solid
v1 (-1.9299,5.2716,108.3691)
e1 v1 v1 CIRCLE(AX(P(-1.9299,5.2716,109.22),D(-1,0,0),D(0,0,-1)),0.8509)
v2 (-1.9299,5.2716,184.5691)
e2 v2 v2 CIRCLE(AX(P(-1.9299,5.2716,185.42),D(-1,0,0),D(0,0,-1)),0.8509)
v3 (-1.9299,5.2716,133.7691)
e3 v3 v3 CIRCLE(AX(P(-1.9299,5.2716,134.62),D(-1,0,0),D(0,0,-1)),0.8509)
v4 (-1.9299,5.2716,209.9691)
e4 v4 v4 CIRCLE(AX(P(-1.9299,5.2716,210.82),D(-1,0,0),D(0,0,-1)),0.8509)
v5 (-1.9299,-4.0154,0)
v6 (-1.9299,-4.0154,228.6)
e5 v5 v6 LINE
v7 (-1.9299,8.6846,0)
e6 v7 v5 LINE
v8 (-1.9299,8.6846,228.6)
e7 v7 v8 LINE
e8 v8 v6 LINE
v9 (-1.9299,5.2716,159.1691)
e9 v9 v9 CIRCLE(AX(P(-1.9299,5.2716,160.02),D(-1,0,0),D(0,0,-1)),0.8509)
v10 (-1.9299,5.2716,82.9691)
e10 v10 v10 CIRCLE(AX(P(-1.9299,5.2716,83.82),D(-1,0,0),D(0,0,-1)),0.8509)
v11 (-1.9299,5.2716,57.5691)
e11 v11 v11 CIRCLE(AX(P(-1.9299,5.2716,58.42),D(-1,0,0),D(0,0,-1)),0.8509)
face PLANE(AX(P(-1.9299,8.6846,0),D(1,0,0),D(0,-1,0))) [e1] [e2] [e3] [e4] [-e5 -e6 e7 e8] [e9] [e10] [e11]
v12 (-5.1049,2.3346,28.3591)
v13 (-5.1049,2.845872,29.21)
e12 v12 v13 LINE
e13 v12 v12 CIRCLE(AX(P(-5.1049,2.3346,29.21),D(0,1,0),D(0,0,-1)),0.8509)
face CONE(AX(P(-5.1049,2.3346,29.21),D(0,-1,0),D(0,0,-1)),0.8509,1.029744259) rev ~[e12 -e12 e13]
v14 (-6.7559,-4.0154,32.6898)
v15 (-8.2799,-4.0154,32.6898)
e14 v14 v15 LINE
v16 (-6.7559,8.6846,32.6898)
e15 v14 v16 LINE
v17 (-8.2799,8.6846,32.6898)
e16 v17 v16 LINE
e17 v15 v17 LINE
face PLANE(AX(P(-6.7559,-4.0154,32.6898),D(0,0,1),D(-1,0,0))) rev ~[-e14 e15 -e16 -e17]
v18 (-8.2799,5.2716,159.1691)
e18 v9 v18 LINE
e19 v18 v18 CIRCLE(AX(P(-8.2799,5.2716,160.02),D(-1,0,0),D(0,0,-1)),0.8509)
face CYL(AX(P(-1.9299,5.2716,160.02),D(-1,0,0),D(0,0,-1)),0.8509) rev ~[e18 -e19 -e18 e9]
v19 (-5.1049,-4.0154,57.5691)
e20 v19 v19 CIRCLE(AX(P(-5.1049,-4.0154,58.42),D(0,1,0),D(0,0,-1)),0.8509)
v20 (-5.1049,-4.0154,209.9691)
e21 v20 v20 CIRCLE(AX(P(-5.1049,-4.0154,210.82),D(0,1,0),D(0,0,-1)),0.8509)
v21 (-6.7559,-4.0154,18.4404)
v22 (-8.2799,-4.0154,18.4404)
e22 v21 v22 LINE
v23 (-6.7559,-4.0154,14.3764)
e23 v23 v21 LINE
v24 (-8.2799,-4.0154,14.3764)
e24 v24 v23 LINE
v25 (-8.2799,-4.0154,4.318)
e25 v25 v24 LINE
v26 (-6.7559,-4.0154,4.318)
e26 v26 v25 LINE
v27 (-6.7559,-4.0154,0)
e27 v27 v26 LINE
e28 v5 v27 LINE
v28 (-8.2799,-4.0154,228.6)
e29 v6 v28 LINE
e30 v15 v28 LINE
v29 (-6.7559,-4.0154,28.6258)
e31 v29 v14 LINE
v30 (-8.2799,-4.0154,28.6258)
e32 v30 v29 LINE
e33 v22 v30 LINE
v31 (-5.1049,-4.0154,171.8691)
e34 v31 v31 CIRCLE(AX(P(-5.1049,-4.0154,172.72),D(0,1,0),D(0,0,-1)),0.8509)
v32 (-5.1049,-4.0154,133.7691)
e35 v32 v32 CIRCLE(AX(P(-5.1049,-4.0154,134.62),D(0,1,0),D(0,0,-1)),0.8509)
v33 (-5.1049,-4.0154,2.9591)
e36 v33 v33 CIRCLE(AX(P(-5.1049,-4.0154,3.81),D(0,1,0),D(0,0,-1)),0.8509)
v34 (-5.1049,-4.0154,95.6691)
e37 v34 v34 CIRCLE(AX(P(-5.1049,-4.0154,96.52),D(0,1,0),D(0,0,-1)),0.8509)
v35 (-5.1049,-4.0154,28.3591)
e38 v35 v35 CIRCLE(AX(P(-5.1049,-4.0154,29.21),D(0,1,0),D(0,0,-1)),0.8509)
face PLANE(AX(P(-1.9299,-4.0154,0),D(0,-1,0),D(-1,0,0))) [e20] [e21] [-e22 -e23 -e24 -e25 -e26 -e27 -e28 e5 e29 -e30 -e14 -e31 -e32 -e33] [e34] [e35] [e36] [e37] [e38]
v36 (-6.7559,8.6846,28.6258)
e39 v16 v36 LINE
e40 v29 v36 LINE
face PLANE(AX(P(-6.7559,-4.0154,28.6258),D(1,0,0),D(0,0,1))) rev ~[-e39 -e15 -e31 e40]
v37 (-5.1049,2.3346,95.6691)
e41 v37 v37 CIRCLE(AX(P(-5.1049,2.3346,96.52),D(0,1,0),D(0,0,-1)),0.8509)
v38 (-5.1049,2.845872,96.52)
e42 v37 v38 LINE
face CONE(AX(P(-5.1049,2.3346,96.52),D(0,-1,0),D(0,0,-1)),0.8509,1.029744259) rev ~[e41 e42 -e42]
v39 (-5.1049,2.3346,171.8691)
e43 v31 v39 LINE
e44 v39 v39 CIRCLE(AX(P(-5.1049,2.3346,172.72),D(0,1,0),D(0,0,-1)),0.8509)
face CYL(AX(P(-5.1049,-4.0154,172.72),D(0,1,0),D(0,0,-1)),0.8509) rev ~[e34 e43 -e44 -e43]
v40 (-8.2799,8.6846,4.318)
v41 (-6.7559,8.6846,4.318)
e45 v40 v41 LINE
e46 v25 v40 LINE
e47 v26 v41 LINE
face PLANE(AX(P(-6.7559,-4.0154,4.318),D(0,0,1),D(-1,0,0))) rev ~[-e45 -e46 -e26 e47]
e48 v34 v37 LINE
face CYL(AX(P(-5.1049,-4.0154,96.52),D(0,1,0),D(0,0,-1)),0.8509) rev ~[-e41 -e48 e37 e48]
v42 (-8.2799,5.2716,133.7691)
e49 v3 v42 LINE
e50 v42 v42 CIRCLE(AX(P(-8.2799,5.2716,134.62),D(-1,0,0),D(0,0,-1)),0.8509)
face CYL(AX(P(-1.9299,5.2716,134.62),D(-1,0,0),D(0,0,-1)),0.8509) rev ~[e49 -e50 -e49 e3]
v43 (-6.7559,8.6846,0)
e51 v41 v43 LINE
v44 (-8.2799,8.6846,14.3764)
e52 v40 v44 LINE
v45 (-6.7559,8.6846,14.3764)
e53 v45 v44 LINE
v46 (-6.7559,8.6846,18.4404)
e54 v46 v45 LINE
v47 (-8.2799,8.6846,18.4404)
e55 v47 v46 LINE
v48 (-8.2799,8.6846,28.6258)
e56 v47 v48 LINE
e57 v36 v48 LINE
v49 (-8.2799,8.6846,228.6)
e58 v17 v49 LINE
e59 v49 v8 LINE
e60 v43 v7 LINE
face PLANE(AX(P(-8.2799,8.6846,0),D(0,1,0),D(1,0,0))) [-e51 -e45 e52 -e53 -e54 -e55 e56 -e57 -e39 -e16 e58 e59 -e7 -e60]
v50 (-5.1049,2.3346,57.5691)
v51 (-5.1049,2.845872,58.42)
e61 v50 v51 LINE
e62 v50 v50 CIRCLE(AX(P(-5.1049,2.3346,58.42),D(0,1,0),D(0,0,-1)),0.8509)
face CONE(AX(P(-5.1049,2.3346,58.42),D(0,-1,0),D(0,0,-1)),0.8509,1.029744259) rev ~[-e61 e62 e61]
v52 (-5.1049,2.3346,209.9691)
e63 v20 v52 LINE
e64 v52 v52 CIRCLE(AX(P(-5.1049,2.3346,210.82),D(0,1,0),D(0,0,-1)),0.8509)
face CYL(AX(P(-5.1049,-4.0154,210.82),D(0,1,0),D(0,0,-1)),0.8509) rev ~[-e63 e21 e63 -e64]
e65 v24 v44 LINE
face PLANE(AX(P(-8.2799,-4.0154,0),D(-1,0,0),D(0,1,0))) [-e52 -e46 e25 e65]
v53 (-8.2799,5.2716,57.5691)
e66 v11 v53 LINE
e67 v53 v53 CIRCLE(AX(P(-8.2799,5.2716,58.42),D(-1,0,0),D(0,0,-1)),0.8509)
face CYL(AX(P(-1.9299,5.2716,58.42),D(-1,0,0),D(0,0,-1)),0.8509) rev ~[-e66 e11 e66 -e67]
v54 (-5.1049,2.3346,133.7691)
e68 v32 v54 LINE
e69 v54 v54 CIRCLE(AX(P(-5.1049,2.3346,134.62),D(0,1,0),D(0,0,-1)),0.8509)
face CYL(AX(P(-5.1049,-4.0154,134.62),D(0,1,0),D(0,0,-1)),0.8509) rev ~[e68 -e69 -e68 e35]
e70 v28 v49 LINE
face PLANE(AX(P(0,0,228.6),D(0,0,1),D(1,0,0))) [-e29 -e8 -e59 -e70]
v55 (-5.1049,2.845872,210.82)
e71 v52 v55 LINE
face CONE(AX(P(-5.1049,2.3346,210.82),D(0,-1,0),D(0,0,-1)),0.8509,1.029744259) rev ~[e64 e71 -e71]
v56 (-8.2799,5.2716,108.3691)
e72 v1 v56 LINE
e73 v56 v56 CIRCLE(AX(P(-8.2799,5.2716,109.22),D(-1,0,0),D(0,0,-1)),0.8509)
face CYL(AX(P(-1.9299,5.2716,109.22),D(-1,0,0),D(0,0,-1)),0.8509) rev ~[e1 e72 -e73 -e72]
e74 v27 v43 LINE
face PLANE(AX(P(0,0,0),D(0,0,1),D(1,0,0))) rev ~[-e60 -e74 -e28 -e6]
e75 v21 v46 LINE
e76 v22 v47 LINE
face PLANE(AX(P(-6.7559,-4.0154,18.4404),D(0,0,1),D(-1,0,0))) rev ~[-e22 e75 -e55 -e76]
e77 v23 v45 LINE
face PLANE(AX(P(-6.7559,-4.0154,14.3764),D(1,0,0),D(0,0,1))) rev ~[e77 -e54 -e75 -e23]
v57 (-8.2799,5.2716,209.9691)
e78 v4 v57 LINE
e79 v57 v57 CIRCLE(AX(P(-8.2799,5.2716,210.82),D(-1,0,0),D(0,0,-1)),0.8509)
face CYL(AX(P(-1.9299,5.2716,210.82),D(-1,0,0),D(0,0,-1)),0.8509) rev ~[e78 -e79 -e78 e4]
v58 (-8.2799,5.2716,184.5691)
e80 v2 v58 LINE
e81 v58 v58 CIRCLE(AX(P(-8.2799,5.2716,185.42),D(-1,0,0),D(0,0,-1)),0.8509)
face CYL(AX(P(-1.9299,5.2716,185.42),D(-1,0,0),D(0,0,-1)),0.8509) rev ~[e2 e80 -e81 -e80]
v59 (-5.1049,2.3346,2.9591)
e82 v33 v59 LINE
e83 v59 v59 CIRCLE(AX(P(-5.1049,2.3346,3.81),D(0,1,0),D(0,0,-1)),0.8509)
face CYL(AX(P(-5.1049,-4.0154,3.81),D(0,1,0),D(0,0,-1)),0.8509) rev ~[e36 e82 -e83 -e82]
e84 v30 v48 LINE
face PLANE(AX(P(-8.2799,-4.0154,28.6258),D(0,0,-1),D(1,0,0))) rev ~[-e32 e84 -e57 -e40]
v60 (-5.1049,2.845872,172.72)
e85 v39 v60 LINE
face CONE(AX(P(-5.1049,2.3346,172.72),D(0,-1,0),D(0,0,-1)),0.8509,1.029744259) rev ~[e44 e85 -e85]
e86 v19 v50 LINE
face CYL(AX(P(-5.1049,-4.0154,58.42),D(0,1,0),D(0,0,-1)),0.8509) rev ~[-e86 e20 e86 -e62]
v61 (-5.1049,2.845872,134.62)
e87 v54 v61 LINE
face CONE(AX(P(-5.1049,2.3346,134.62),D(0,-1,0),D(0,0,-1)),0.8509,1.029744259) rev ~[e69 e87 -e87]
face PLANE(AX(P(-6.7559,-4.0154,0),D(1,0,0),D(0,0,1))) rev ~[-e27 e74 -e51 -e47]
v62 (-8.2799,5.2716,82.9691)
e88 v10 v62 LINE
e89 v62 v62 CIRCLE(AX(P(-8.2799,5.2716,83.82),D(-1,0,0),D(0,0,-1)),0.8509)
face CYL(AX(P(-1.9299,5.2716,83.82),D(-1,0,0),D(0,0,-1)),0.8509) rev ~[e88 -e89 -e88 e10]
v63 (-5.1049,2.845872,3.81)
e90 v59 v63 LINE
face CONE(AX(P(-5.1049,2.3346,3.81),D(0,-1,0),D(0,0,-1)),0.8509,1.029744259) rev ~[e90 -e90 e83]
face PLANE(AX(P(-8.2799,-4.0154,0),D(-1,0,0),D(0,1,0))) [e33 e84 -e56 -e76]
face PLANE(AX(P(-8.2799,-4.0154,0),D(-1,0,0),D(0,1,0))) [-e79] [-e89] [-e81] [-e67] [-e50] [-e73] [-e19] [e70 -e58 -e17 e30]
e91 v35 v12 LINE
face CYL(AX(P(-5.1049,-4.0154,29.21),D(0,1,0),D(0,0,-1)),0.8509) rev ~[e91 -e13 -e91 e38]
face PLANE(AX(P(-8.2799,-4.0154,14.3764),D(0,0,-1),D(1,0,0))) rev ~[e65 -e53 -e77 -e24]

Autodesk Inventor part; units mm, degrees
ref_plane "YZ Plane" through (0, 0, 0) normal (1, 0, 0) x (0, 1, 0)
ref_plane "XZ Plane" through (0, 0, 0) normal (0, 1, 0) x (-1, 0, 0)
ref_plane "XY Plane" through (0, 0, 0) normal (0, 0, 1) x (1, 0, 0)
sketch "Sketch2" plane through (0, 0, 0) normal (0, 0, 1) x (1, 0, 0)
  line L0 (-8.2799, 8.6846) -> (-1.9299, 8.6846)
  line L1 (-1.9299, 8.6846) -> (-1.9299, -4.0154)
  line L2 (-1.9299, -4.0154) -> (-8.2799, -4.0154)
  line L3 (-8.2799, -4.0154) -> (-8.2799, 8.6846)
  point P0 (0, 0)
  dimension "d3" = 6.35
  dimension "d5" = 12.7
extrude "Extrusion1" add sketch "Sketch2" along normal blind 228.6
sketch "Sketch3" plane through (-1.9299, -4.0154, 0) normal (1, 0, 0) x (0, 0, -1)
  point P0 (-228.6, 12.7)
  point P1 (0, 4.0154)
  point P2 (-210.82, 9.287)
  point P3 (-30.6578, 9.6266)
  dimension "d8" = 3.413
  dimension "d9" = 17.78
  dimension "d45" = 197.9422
  dimension "d46" = 3.0734
hole "Hole1" at (-1.9299, 5.2716, 210.82) direction (-1, 0, 0) diameter 1.7018 end through all
pattern_linear "Rectangular Pattern1" count 7 spacing 25.4 along (0, 0, -1) of "Hole1"
sketch "Sketch6" plane through (203.1751, -4.0154, 104.775) normal (0, -1, 0) x (1, 0, 0)
  point P0 (0, 4.0154)
  point P1 (-208.28, -100.965)
  point P2 (-208.28, -46.355)
  point P3 (-211.455, -104.775)
  point P4 (-205.105, -104.775)
  dimension "d68" = 58.42
  dimension "d69" = 3.81
  dimension "d76" = 3.175
  dimension "d77" = 3.175
hole "Hole2" at (-5.1049, -4.0154, 3.81) direction (0, 1, 0) diameter 1.7018 depth 6.35 tip angle 118
hole "Hole5" at (-5.1049, -4.0154, 58.42) direction (0, 1, 0) diameter 1.7018 depth 6.35 tip angle 118
pattern_linear "Rectangular Pattern5" count 2 spacing 25.4 along (0, 0, 1) of "Hole2"
pattern_linear "Rectangular Pattern6" count 5 spacing 38.1 along (0, 0, 1) of "Hole5"
sketch "Sketch9" plane through (-8.2799, -4.0154, 0) normal (0, -1, 0) x (1, 0, 0)
  line L0 (6.35, 0) -> (6.35, 228.6) projected
  line L1 (0, 0) -> (0, 228.6) projected
  line L2 (6.35, 0) -> (0, 0) projected
  line L3 (0, 0) -> (6.35, 0) projected
  line L4 (6.35, 30.6578) -> (0, 30.6578) construction
  line L5 (6.096, 16.4084) -> (0, 16.4084) construction
  line L6 (0, 0) -> (0, 228.6) construction
  line L7 (6.35, 2.159) -> (0, 2.159) construction
  line L8 (1.524, 32.6898) -> (0, 32.6898)
  line L9 (0, 32.6898) -> (0, 28.6258)
  line L10 (0, 28.6258) -> (1.524, 28.6258)
  line L11 (1.524, 28.6258) -> (1.524, 32.6898)
  line L12 (1.524, 32.6898) -> (0, 28.6258) construction
  line L13 (0, 32.6898) -> (1.524, 28.6258) construction
  line L14 (1.524, 18.4404) -> (0, 18.4404)
  line L15 (0, 18.4404) -> (0, 14.3764)
  line L16 (0, 14.3764) -> (1.524, 14.3764)
  line L17 (1.524, 14.3764) -> (1.524, 18.4404)
  line L18 (1.524, 18.4404) -> (0, 14.3764) construction
  line L19 (0, 18.4404) -> (1.524, 14.3764) construction
  line L20 (1.524, 4.318) -> (0, 4.318)
  line L21 (0, 4.318) -> (0, 0)
  line L22 (0, 0) -> (1.524, 0)
  line L23 (1.524, 0) -> (1.524, 4.318)
  line L24 (1.524, 4.318) -> (0, 0) construction
  line L25 (0, 4.318) -> (1.524, 0) construction
  point P0 (6.35, 4.191)
  point P1 (4.318, 0)
  point P2 (0.762, 30.6578)
  point P3 (0.762, 16.4084)
  point P4 (0.762, 2.159)
  dimension "d78" = 30.6578
  dimension "d93" = 4.064
  dimension "d94" = 1.524
  dimension "d95" = 1.524
  dimension "d96" = 4.064
  dimension "d97" = 1.524
extrude "Extrusion3" cut sketch "Sketch9" against normal through all
properties part number "mounting rail 9.0 x.250 x.500-A-sfpcutouts" material "Gold"
